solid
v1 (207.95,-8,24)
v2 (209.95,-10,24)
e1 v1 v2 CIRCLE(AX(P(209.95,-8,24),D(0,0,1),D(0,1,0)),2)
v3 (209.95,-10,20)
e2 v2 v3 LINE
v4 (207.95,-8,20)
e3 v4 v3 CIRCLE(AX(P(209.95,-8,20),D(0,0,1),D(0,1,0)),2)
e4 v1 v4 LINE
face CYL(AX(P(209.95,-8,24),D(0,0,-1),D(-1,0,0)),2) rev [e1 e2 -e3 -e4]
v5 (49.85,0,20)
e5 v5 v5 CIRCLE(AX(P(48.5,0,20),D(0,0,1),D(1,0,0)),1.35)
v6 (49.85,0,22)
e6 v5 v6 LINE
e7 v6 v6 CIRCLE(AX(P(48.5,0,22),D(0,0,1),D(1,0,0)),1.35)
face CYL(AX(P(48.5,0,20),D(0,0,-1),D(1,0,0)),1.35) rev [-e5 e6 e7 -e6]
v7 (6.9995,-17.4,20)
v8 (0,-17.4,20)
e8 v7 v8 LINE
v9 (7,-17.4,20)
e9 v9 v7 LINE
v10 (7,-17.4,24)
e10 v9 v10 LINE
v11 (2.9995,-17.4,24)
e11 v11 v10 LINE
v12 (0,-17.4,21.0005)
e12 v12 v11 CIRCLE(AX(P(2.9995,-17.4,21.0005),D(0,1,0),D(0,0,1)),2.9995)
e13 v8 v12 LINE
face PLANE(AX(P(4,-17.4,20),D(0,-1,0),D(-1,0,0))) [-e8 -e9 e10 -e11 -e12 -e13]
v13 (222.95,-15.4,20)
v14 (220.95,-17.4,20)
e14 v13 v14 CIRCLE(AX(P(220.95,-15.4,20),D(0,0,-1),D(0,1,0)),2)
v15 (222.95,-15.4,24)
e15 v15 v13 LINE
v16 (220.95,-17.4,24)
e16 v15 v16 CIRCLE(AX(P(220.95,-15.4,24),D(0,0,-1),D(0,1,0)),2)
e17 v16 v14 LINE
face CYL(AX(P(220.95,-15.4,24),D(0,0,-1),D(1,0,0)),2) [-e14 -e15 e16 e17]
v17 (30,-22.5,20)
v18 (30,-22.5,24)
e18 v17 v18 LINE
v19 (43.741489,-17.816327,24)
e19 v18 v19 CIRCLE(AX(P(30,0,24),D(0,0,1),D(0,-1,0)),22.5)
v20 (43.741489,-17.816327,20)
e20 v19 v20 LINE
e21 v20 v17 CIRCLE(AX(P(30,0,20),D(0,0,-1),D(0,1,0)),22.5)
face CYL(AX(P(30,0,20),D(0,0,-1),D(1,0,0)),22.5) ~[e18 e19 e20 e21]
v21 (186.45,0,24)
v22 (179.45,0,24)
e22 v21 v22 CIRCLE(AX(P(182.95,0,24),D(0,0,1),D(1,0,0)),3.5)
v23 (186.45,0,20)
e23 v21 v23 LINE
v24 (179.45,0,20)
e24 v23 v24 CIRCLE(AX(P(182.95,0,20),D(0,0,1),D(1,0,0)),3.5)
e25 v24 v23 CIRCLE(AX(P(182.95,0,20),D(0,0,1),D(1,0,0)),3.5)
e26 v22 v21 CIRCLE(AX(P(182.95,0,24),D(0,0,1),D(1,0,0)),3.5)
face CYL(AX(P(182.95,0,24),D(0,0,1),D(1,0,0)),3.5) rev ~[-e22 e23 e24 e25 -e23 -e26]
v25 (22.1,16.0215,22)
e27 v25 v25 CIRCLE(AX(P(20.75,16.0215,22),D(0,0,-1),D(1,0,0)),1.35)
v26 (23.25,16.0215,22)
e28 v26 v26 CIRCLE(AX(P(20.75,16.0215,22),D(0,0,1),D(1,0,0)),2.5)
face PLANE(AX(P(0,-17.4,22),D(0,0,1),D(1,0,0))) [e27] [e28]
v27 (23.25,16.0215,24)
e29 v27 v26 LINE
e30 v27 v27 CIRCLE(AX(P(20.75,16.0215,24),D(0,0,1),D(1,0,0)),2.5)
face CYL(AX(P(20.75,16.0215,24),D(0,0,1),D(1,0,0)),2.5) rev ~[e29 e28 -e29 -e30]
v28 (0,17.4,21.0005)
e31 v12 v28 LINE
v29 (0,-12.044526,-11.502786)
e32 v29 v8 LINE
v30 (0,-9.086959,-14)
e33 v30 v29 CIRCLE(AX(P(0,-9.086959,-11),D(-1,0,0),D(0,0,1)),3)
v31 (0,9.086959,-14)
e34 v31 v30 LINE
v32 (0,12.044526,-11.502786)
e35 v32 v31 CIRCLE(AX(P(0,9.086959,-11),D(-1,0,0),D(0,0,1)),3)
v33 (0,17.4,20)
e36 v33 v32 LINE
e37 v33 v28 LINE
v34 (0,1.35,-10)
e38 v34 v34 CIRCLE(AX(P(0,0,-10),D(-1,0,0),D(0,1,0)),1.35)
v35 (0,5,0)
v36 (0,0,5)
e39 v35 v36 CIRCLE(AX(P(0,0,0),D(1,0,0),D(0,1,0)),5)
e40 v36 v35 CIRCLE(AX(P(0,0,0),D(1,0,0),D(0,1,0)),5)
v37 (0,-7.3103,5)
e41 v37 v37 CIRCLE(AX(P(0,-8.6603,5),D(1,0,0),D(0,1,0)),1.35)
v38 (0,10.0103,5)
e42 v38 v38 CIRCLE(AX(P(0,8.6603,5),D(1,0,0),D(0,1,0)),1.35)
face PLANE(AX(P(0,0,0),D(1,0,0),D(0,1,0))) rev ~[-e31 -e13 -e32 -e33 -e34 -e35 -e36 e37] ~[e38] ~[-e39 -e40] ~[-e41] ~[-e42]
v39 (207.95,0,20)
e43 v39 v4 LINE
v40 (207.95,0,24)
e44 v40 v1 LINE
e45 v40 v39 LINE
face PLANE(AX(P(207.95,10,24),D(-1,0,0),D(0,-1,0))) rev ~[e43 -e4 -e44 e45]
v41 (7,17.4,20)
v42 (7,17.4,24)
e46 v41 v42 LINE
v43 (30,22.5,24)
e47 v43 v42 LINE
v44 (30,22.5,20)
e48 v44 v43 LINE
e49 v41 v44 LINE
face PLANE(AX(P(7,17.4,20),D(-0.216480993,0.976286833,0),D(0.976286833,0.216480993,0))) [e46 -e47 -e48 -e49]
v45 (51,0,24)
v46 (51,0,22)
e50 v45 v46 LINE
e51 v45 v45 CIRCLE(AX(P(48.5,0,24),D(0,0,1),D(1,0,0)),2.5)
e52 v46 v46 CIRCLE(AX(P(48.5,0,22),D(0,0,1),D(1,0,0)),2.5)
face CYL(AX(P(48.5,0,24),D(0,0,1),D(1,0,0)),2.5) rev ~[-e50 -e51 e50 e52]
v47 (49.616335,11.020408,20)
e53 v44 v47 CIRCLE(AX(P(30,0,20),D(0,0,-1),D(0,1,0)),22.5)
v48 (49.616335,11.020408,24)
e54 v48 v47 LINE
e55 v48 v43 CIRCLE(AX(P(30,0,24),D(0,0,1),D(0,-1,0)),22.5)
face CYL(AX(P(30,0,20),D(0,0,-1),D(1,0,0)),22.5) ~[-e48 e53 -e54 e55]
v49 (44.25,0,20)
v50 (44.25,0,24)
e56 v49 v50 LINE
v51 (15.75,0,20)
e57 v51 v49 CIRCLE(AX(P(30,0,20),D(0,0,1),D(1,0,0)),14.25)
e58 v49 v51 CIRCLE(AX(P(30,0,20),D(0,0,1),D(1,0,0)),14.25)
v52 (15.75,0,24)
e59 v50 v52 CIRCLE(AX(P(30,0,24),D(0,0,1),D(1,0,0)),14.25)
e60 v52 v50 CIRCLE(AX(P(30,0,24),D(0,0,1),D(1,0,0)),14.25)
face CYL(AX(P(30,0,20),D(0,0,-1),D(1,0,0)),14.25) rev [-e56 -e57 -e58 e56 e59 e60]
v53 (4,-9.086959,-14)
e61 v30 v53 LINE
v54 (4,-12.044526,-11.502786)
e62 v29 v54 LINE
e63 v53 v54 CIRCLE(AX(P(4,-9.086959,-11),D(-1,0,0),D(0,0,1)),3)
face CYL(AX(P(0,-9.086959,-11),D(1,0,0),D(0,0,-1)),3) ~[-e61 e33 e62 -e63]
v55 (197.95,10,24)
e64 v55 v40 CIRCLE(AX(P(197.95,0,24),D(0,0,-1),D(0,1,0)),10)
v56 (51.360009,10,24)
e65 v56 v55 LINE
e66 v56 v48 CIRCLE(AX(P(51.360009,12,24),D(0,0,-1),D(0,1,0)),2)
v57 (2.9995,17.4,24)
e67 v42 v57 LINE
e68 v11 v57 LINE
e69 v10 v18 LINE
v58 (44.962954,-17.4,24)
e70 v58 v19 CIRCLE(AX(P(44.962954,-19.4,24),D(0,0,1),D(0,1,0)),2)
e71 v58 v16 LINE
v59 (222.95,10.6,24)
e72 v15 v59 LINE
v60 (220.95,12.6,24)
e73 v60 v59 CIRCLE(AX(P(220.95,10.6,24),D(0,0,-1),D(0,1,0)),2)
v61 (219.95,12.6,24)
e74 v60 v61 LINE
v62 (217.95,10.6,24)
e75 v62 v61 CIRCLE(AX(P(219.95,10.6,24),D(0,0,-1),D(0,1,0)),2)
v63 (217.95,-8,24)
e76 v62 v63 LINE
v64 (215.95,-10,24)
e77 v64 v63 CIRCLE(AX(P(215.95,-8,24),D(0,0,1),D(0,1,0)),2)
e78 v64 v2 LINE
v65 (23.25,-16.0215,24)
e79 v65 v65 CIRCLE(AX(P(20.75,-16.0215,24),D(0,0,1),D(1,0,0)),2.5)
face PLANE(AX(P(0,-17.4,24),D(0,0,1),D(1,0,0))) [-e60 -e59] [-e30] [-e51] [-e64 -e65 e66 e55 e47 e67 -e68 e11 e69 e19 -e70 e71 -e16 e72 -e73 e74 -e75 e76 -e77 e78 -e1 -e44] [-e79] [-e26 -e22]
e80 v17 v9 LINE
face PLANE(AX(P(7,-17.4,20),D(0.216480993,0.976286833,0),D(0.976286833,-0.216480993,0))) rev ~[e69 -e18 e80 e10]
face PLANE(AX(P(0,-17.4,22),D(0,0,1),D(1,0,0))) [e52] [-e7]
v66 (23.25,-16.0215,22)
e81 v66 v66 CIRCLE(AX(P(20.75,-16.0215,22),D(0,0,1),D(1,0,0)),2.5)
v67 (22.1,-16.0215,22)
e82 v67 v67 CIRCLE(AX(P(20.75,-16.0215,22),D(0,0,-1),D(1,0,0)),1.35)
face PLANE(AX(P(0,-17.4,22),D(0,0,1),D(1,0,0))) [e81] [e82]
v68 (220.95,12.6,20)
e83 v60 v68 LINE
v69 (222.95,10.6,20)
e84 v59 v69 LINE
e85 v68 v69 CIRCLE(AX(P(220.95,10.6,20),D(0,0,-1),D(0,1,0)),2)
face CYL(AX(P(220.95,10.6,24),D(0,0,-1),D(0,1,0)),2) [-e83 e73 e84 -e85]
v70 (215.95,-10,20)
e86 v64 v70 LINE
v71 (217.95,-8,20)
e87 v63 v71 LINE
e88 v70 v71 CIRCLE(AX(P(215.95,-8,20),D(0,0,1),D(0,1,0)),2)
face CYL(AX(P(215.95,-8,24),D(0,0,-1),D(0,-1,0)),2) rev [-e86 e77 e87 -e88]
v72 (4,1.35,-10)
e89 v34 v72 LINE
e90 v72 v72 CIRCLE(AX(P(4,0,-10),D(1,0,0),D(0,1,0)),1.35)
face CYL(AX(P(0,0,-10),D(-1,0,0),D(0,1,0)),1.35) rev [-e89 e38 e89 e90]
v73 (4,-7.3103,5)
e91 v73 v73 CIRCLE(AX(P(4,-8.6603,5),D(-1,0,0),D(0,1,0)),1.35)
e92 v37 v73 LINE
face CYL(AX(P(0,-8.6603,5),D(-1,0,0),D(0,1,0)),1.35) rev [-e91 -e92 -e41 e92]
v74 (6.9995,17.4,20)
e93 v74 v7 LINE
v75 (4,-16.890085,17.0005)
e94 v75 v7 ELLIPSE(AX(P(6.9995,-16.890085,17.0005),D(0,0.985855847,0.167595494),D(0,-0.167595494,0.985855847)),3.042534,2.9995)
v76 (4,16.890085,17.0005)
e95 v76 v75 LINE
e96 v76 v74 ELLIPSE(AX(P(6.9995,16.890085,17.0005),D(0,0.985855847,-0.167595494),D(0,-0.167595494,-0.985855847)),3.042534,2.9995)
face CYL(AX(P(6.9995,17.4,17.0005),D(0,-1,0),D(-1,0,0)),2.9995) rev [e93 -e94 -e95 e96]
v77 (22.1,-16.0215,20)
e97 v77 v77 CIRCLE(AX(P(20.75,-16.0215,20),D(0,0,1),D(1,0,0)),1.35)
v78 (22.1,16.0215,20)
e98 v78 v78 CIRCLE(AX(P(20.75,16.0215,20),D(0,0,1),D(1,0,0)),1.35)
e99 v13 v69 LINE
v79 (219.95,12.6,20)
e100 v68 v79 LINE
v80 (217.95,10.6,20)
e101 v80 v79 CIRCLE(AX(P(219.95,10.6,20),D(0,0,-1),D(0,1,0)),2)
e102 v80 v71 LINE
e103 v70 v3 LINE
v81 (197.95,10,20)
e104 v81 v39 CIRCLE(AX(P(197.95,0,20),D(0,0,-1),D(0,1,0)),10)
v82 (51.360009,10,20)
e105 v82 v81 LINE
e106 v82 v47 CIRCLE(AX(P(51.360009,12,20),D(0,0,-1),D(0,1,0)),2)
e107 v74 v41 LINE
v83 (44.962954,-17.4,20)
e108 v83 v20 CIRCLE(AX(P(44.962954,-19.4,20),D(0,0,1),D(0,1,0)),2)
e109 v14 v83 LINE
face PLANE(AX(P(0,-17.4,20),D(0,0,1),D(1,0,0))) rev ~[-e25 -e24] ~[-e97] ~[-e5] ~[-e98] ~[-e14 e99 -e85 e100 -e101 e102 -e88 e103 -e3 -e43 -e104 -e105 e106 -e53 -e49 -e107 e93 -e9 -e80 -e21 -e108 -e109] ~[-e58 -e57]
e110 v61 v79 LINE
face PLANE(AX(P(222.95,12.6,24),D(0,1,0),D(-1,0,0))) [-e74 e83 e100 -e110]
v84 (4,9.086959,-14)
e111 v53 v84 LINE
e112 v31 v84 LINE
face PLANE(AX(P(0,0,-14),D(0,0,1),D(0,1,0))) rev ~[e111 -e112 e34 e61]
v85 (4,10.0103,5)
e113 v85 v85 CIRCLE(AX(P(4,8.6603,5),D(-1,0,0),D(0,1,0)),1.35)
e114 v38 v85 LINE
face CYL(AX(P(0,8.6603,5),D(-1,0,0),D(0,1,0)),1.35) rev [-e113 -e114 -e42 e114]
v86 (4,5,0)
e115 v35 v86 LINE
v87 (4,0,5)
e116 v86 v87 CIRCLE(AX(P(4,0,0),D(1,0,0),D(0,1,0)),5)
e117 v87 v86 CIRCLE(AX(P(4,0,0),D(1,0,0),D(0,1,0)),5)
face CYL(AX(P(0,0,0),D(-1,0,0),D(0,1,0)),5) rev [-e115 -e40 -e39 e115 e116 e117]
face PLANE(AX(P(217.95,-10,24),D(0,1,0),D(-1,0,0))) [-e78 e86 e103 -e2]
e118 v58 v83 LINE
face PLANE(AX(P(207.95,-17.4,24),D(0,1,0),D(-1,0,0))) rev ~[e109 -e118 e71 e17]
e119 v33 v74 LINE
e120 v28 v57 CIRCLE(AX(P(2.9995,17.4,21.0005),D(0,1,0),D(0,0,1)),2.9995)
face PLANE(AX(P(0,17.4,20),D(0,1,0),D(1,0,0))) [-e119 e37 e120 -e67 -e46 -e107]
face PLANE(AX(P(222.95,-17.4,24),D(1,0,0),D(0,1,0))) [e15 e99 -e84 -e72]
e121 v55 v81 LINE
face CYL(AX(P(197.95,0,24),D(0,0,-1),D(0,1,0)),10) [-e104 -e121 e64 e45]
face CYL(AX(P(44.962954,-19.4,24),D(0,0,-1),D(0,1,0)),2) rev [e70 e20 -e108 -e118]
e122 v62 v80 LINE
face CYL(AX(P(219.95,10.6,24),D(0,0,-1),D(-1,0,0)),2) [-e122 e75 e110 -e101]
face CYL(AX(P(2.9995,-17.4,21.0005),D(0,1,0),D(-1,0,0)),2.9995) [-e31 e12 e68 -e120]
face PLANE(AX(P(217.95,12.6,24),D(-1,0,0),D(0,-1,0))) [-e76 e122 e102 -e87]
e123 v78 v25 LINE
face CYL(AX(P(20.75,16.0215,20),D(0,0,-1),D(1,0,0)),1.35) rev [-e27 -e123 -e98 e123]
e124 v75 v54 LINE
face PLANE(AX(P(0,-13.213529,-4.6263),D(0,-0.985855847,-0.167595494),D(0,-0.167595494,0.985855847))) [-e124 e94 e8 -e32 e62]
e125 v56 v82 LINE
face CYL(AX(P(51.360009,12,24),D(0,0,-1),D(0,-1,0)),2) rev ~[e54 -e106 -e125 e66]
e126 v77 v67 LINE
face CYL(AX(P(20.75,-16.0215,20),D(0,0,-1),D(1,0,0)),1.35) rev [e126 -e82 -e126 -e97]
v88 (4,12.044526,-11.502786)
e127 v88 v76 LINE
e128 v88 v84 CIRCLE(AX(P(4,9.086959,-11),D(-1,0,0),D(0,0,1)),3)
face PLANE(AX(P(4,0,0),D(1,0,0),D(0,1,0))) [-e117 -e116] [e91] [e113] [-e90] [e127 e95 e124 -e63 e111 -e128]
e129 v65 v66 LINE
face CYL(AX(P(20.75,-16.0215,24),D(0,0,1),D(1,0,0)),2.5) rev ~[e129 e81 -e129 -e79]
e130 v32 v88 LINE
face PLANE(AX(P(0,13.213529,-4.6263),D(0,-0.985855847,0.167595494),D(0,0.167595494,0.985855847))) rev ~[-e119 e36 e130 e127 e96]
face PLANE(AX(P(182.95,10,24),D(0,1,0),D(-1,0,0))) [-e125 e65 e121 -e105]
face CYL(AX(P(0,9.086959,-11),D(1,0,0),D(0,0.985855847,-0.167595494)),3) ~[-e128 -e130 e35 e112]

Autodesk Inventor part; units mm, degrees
ref_plane "YZ Plane" through (0, 0, 0) normal (1, 0, 0) x (0, 1, 0)
ref_plane "XZ Plane" through (0, 0, 0) normal (0, 1, 0) x (-1, 0, 0)
ref_plane "XY Plane" through (0, 0, 0) normal (0, 0, 1) x (1, 0, 0)
sketch "スケッチ1" plane through (0, 0, 0) normal (1, 0, 0) x (0, 1, 0)
  circle A0 centre (0, 0) radius 10
  circle A1 centre (0, -10) radius 1.35
  circle A2 centre (8.6603, 5) radius 1.35
  circle A3 centre (-8.6603, 5) radius 1.35
  circle A4 centre (0, 0) radius 5
  line L0 (0, 0) -> (0, 50)
  circle A5 centre (0, 50) radius 22.5
  circle A6 centre (0, 0) radius 14
  line L1 (-14, 0) -> (-22.5, 50)
  line L2 (14, 0) -> (22.5, 50)
  line L3 (0, -14) -> (-11.62, -14)
  line L4 (-11.62, -14) -> (-14, 0)
  line L5 (0, -14) -> (11.62, -14)
  line L6 (11.62, -14) -> (14, 0)
  line L7 (0, 20) -> (-17.4, 20)
  line L8 (0, 20) -> (17.4, 20)
  dimension "d0" = 20
  dimension "d1" = 2.7
  dimension "d4" = 360
  dimension "d6" = 10
  dimension "d7" = 50
  dimension "d8" = 45
  dimension "d9" = 28
extrude "押し出し1" add sketch "スケッチ1" along normal blind 4 contours A0 A1 A3 A2 | A6 L6 L4 | A6 L1 L7 L0 | L0 L8 L2 A6 | L6 L5 A6 | A6 L3 L4
sketch "スケッチ2" plane through (0, -17.4, 20) normal (0, 0, 1) x (1, 0, 0)
  line L0 (0, 17.4) -> (30, 17.4)
  circle A0 centre (30, 17.4) radius 22.5
  circle A1 centre (30, 17.4) radius 18.5
  circle A2 centre (30, 17.4) radius 14.25
  circle A3 centre (48.5, 17.4) radius 1.35
  circle A4 centre (20.75, 33.4215) radius 1.35
  circle A5 centre (20.75, 1.3785) radius 1.35
  line L1 (0, 29.02) -> (0, 34.8) projected
  line L2 (0, 0) -> (0, 5.78) projected
  line L3 (0, 34.8) -> (0, 0)
  line L4 (4, 29.02) -> (4, 34.8) projected
  line L5 (4, 34.8) -> (7, 34.8)
  line L6 (7, 34.8) -> (30, 39.9)
  line L7 (4, 0) -> (4, 5.78) projected
  line L8 (4, 0) -> (7, 0)
  line L9 (7, 0) -> (30, -5.1)
  line L10 (4, 0) -> (0, 0)
  line L11 (0, 34.8) -> (4, 34.8) projected
  line L12 (0, 0) -> (0, 34.8)
  line L13 (0, 34.8) -> (4, 34.8)
  dimension "d14" = 37
  dimension "d12" = 30
  dimension "d13" = 45
  dimension "d15" = 28.5
  dimension "d16" = 2.7
  dimension "d19" = 360
  dimension "d21" = 3
  dimension "d22" = 3
extrude "押し出し2" add sketch "スケッチ2" along normal blind 4 contours L3 L1 L11 L5 L6 A0 L0 | L0 A0 L9 L8 L10 L2 L3 | A1 A4 A3 A5 | A0 L6 L9
fillet "フィレット1" radius 3 2 edges at (4, 0, 20) (0, 0, 24)
fillet "フィレット2" radius 3 2 edges at (2, -11.62, -14) (2, 11.62, -14)
sketch "スケッチ7" plane through (0, -17.4, 24) normal (0, 0, 1) x (1, 0, 0)
  circle A0 centre (30, 17.4) radius 14.25 projected
  line L0 (30, 17.4) -> (182.95, 17.4)
  line L1 (30, 17.4) -> (182.95, 17.4) construction
  circle A1 centre (182.95, 17.4) radius 3.5
  circle A2 centre (182.95, 17.4) radius 10
  line L2 (182.95, 27.4) -> (50.1556, 27.4)
  arc A3 (30, -5.1) -> (30, 39.9) centre (30, 17.4) ccw projected
  line L3 (182.95, 27.4) -> (315.7444, 27.4) construction
  line L4 (182.95, 7.4) -> (50.1556, 7.4)
  point P0 (0, 17.4)
  dimension "d55" = 152.95
  dimension "d56" = 0
  dimension "d57" = 7
  dimension "d58" = 20
  dimension "d59" = 180
extrude "押し出し7" add sketch "スケッチ7" against normal blind 4 contours A3 L2 A2 L0 | L0 A2 L4 A3 | A2
sketch "スケッチ8" plane through (0, -17.4, 24) normal (0, 0, 1) x (1, 0, 0)
  circle A0 centre (20.75, 33.4215) radius 1.35 projected
  circle A1 centre (20.75, 33.4215) radius 2.5
  circle A2 centre (48.5, 17.4) radius 1.35 projected
  circle A3 centre (48.5, 17.4) radius 2.5
  circle A4 centre (20.75, 1.3785) radius 1.35 projected
  circle A5 centre (20.75, 1.3785) radius 2.5
  point P0 (0, 17.4)
  dimension "d63" = 5
  dimension "d64" = 5
  dimension "d65" = 5
extrude "押し出し8" cut sketch "スケッチ8" against normal blind 2 contours A0 | A1 | A3 | A4 | A5
fillet "フィレット4" radius 2 1 edges at (50.1556, 10, 22)
sketch "スケッチ10" plane through (0, -17.4, 24) normal (0, 0, 1) x (1, 0, 0)
  arc A0 (182.95, 7.4) -> (182.95, 27.4) centre (182.95, 17.4) ccw projected
  line L0 (182.95, 27.4) -> (207.95, 27.4)
  line L1 (207.95, 0) -> (44.265, 0)
  arc A1 (30, -5.1) -> (50.1556, 7.4) centre (30, 17.4) ccw projected
  line L2 (207.95, 27.4) -> (207.95, 0)
  line L3 (207.95, 0) -> (222.95, 0)
  line L4 (222.95, 0) -> (222.95, 30)
  line L5 (222.95, 30) -> (217.95, 30)
  line L6 (217.95, 30) -> (217.95, 7.4)
  line L7 (217.95, 7.4) -> (207.95, 7.4)
  circle A2 centre (182.95, 17.4) radius 3.5 projected
  circle A3 centre (182.95, 17.4) radius 10
  circle A4 centre (30, 17.4) radius 22.5
  line L8 (50.1556, 7.4) -> (182.95, 7.4)
  point P0 (0, 17.4)
  dimension "d75" = 25
  dimension "d76" = 15
  dimension "d77" = 30
  dimension "d78" = 5
extrude "押し出し10" add sketch "スケッチ10" against normal blind 4 contours A0 L0 L2 L1 A1 L8 | L7 L6 L5 L4 L3 L2
fillet "フィレット5" radius 10 1 edges at (207.95, 10, 22)
fillet "フィレット6" radius 2 6 edges at (217.95, 12.6, 22) (222.95, 12.6, 22) (217.95, -10, 22) (207.95, -10, 22) (222.95, -17.4, 22) (44.265, -17.4, 22)
properties part number "motor_holder_2" material "アルミニウム 6061"
